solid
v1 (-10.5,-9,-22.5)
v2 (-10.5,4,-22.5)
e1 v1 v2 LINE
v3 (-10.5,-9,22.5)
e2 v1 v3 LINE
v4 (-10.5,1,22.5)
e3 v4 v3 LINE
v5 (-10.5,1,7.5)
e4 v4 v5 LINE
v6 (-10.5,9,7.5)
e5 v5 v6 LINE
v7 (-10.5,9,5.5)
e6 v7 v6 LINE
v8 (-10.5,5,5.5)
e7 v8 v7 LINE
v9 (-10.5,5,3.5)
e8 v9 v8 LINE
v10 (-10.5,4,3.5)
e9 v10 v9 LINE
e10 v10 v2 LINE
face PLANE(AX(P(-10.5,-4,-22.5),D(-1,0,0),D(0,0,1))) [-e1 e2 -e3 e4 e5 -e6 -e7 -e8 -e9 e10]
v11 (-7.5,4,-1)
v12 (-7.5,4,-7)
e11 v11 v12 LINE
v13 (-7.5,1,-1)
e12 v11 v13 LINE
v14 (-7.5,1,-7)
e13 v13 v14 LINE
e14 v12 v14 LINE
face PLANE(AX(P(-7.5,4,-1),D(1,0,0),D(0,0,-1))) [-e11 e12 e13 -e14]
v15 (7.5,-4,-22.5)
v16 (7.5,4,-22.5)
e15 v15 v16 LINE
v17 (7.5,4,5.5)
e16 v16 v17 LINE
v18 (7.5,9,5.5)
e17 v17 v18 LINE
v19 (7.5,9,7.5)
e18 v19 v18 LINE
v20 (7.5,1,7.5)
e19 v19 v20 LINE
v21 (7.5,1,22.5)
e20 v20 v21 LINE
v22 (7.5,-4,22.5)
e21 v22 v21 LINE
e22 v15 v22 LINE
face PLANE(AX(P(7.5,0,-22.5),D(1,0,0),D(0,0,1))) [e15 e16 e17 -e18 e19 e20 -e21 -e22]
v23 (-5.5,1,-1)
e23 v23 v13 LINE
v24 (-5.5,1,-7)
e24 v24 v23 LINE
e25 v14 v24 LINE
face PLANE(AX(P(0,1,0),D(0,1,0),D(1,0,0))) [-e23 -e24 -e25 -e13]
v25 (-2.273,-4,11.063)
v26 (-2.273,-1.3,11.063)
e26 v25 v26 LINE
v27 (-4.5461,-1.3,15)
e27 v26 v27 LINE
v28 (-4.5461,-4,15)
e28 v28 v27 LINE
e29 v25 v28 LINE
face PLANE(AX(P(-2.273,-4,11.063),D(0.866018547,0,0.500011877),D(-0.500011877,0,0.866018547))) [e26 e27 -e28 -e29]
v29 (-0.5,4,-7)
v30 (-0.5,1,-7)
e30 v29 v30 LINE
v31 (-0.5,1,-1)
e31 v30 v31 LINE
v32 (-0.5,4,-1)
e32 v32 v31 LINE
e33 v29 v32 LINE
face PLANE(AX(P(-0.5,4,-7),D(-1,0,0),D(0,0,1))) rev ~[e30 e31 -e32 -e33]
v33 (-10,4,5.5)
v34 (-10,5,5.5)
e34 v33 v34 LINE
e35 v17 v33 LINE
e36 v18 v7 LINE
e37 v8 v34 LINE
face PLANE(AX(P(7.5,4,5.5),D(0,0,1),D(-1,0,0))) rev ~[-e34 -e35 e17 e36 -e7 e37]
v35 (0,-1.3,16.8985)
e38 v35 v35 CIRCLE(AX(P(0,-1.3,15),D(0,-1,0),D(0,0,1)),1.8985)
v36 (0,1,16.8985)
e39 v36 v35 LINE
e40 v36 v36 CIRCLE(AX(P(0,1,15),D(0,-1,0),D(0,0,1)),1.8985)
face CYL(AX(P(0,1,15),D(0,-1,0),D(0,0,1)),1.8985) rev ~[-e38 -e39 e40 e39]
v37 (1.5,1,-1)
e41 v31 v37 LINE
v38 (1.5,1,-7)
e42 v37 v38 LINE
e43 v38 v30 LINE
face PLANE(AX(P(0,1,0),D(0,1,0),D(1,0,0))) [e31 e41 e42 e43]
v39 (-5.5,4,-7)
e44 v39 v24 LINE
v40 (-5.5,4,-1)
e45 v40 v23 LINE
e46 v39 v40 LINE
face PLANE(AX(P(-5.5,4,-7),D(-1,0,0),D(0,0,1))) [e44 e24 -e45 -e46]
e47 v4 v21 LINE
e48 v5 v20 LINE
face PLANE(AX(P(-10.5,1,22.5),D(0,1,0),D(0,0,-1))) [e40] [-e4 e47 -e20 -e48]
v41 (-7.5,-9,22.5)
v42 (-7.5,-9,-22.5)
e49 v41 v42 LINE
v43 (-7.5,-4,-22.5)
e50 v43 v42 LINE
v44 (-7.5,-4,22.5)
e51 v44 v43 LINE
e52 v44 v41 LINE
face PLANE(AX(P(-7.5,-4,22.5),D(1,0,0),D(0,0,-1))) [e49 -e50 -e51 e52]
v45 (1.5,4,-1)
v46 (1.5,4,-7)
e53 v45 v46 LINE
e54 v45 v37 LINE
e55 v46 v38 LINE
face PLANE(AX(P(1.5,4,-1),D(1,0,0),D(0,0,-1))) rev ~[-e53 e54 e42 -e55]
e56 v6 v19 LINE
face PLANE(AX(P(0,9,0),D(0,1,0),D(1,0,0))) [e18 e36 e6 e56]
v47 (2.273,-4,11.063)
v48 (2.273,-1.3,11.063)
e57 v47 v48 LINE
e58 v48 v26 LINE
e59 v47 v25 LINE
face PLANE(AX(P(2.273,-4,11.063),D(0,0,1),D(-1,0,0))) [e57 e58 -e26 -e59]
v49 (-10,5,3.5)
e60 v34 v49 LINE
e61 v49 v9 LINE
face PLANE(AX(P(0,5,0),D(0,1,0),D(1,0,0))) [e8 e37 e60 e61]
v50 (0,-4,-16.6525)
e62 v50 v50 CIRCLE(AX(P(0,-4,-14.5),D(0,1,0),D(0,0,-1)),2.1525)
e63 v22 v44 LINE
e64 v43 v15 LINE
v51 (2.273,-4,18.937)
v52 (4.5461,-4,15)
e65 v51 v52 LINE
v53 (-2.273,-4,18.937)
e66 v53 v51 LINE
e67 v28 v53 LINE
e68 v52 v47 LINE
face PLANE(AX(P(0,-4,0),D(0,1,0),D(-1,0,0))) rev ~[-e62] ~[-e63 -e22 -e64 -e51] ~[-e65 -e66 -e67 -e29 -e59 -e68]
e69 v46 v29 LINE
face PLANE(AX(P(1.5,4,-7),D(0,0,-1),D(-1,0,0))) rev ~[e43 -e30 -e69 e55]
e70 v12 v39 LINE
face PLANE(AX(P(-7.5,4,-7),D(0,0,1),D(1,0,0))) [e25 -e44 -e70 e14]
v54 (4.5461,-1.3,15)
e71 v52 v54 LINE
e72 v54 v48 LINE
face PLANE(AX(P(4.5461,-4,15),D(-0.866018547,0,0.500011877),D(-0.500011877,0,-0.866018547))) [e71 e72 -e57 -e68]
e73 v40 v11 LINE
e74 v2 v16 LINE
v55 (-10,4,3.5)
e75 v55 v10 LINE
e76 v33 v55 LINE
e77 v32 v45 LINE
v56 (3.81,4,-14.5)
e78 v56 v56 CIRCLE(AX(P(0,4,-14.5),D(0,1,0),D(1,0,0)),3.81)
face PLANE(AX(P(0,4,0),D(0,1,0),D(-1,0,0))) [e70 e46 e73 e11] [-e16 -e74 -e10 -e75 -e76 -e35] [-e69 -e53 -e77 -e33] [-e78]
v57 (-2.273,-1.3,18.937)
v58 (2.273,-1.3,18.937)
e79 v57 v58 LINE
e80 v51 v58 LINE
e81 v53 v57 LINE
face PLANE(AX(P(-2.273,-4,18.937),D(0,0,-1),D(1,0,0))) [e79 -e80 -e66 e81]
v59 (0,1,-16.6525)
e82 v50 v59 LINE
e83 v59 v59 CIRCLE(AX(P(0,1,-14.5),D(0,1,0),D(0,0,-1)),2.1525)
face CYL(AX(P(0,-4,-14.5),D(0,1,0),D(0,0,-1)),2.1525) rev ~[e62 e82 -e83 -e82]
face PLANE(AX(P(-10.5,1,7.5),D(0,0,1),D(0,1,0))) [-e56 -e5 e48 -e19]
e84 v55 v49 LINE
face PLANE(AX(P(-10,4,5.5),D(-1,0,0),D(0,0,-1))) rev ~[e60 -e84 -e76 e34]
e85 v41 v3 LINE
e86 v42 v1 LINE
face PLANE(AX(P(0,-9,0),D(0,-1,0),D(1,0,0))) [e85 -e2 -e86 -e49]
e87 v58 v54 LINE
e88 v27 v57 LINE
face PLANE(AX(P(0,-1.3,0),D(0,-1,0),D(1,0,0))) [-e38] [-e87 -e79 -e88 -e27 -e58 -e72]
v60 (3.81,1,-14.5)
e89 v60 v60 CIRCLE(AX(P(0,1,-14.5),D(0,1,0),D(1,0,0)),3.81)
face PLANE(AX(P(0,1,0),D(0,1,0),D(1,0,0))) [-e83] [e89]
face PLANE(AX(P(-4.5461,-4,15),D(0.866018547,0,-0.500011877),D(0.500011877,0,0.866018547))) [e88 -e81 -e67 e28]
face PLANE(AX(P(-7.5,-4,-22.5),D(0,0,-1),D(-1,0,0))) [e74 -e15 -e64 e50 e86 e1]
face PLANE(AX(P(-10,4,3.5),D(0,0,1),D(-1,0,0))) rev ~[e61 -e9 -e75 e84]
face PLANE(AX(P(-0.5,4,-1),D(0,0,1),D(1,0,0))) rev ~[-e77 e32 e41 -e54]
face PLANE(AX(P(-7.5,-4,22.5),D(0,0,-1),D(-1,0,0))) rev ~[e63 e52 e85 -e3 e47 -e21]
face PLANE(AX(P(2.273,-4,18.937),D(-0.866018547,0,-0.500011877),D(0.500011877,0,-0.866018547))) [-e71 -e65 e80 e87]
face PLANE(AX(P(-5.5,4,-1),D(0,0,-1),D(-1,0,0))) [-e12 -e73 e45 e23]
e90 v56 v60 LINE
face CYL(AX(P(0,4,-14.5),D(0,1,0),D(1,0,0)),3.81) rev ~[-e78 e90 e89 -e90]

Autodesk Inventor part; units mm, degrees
ref_plane "YZ Plane" through (0, 0, 0) normal (1, 0, 0) x (0, 1, 0)
ref_plane "XZ Plane" through (0, 0, 0) normal (0, 1, 0) x (-1, 0, 0)
ref_plane "XY Plane" through (0, 0, 0) normal (0, 0, 1) x (1, 0, 0)
sketch "Sketch1" plane through (0, 0, 0) normal (0, 1, 0) x (-1, 0, 0)
  line L0 (-7.5, 22.5) -> (10.5, 22.5)
  line L1 (10.5, 22.5) -> (10.5, -22.5)
  line L2 (10.5, -22.5) -> (-7.5, -22.5)
  line L3 (-7.5, -22.5) -> (-7.5, 22.5)
  point P0 (0, 0)
  point P1 (-7.5, 0)
  dimension "d0" = 45
  dimension "d1" = 18
  dimension "d97" = 7.5
extrude "Extrusion1" add sketch "Sketch1" along normal mid plane 8
sketch "Sketch4" plane through (0, 4, 0) normal (0, 1, 0) x (1, 0, 0)
  line L0 (-10.5, -7.5) -> (7.5, -7.5)
  line L1 (7.5, -7.5) -> (7.5, -5.5)
  line L2 (7.5, -5.5) -> (-10.5, -5.5)
  line L3 (-10.5, -5.5) -> (-10.5, -7.5)
  line L4 (-10.5, -22.5) -> (7.5, -22.5) projected
  line L5 (-10.5, 22.5) -> (-10.5, -22.5) projected
  line L6 (7.5, -22.5) -> (7.5, 22.5) projected
  dimension "d57" = 2
  dimension "d58" = 15
extrude "Extrusion3" add sketch "Sketch4" along normal blind 5 contours L3 L2 L1 L0
sketch "Sketch5" plane through (0, 4, 0) normal (0, 1, 0) x (1, 0, 0)
  line L0 (-7.5, 7) -> (-5.5, 7)
  line L1 (-5.5, 7) -> (-5.5, 1)
  line L2 (-5.5, 1) -> (-7.5, 1)
  line L3 (-7.5, 1) -> (-7.5, 7)
  line L4 (1.5, 7) -> (-0.5, 7)
  line L5 (-0.5, 7) -> (-0.5, 1)
  line L6 (-0.5, 1) -> (1.5, 1)
  line L7 (1.5, 1) -> (1.5, 7)
  line L8 (-6.5, 4) -> (0.5, 4) construction
  line L9 (7.5, -5.5) -> (-7.5, -5.5) construction
  line L10 (-7.5, 7.8654) -> (-7.5, -0.5) construction
  line L11 (-7.5, -0.5) -> (-22.5, -0.5) construction
  line L12 (7.5, -5.5) -> (-10.5, -5.5) projected
  line L13 (7.5, 22.5) -> (-10.5, 22.5) projected
  line L14 (-10.5, 22.5) -> (-10.5, -5.5) projected
  point P0 (0, -5.5)
  point P1 (0.5, 7)
  point P2 (-6.5, 7)
  point P3 (-5.5, 4)
  point P4 (0, 0)
  point P5 (-3, 4)
  point P6 (-1.5, 22.5)
  dimension "d20" = 6
  dimension "d21" = 2
  dimension "d22" = 5
  dimension "d26" = 1.5
  dimension "d31" = 7
  dimension "d103" = 7.5
extrude "Extrusion4" cut sketch "Sketch5" against normal blind 3
sketch "Sketch7" plane through (-10.5, -4, -12.5) normal (-1, 0, 0) x (0, 0, 1)
  line L0 (20, 8) -> (35, 8) projected
  line L1 (20, 8) -> (35, 8)
  line L2 (35, 8) -> (35, 5)
  line L3 (35, 5) -> (20, 5)
  line L4 (20, 5) -> (20, 8)
  line L5 (35, 8) -> (35, 0) projected
  point P0 (12.5, 4)
  dimension "d59" = 3
extrude "Extrusion6" cut sketch "Sketch7" against normal through all
sketch "Sketch8" plane through (0, 4, 0) normal (0, 1, 0) x (1, 0, 0)
  line L0 (-10.5, -5.5) -> (-10, -5.5)
  line L1 (-10, -5.5) -> (-10, -3.5)
  line L2 (-10, -3.5) -> (-10.5, -3.5)
  line L3 (-10.5, -3.5) -> (-10.5, -5.5)
  dimension "d60" = 2
  dimension "d61" = 0.5
extrude "Extrusion7" add sketch "Sketch8" along normal blind 1
sketch "Sketch13" plane through (-10.5, 1, 22.5) normal (0, 1, 0) x (1, 0, 0)
  line L0 (18, 15) -> (18, 0) projected
  point P0 (10.5, 22.5)
  point P1 (10.5, 7.5)
  point P2 (18, 7.5)
hole "Hole3" at (0, 1, 15) direction (0, -1, 0) diameter 3.797 end through all clearance for "Flat Head Machine Screw (82)" size "#6" standard "Ansi Unified Screw Threads"
sketch "Sketch12" plane through (0, -4, 0) normal (0, -1, 0) x (1, 0, 0)
  line L0 (7.5, 22.5) -> (-10.5, 22.5) projected
  line L1 (-2.273, 11.063) -> (-4.5461, 15)
  line L2 (-4.5461, 15) -> (-2.273, 18.937)
  line L3 (-2.273, 18.937) -> (2.273, 18.937)
  line L4 (2.273, 18.937) -> (4.5461, 15)
  line L5 (4.5461, 15) -> (2.273, 11.063)
  line L6 (2.273, 11.063) -> (-2.273, 11.063)
  circle A0 centre (0, 15) radius 1.8985 projected
  point P0 (0, 0)
  dimension "d98" = 7.874
extrude "Extrusion10" cut sketch "Sketch12" against normal blind 2.7
sketch "Sketch14" plane through (0, 4, 0) normal (0, 1, 0) x (1, 0, 0)
  circle A0 centre (0, 14.5) radius 3.81
  line L0 (7.5, 22.5) -> (-10.5, 22.5) projected
  point P0 (0, 0)
  dimension "d95" = 7.62
  dimension "d96" = 8
extrude "Extrusion11" cut sketch "Sketch14" against normal blind 3
sketch "Sketch15" plane through (0, -4, 0) normal (0, -1, 0) x (1, 0, 0)
  line L0 (-10.5, -22.5) -> (7.5, -22.5) projected
  point P0 (0, 0)
  point P1 (0, -14.5)
  dimension "d87" = 8
hole "Hole4" at (0, -4, -14.5) direction (0, 1, 0) diameter 4.305 end through all clearance for "Flat Head Machine Screw (82)" size "#6" standard "Ansi Unified Screw Threads"
sketch "Sketch16" plane through (0, -4, 0) normal (0, -1, 0) x (1, 0, 0)
  line L0 (7.5, 22.5) -> (-10.5, 22.5) projected
  line L1 (-10.5, 22.5) -> (-7.5, 22.5)
  line L2 (-7.5, 22.5) -> (-7.5, -22.5)
  line L3 (-7.5, -22.5) -> (-10.5, -22.5)
  line L4 (-10.5, -22.5) -> (-10.5, 22.5)
  line L5 (-10.5, -22.5) -> (7.5, -22.5) projected
  line L6 (7.5, -22.5) -> (7.5, 22.5) projected
  point P0 (0, 0)
  dimension "d102" = 15
extrude "Extrusion12" add sketch "Sketch16" along normal blind 5 contours L2 L3 L4 L0
properties part number "FixedFiber"
